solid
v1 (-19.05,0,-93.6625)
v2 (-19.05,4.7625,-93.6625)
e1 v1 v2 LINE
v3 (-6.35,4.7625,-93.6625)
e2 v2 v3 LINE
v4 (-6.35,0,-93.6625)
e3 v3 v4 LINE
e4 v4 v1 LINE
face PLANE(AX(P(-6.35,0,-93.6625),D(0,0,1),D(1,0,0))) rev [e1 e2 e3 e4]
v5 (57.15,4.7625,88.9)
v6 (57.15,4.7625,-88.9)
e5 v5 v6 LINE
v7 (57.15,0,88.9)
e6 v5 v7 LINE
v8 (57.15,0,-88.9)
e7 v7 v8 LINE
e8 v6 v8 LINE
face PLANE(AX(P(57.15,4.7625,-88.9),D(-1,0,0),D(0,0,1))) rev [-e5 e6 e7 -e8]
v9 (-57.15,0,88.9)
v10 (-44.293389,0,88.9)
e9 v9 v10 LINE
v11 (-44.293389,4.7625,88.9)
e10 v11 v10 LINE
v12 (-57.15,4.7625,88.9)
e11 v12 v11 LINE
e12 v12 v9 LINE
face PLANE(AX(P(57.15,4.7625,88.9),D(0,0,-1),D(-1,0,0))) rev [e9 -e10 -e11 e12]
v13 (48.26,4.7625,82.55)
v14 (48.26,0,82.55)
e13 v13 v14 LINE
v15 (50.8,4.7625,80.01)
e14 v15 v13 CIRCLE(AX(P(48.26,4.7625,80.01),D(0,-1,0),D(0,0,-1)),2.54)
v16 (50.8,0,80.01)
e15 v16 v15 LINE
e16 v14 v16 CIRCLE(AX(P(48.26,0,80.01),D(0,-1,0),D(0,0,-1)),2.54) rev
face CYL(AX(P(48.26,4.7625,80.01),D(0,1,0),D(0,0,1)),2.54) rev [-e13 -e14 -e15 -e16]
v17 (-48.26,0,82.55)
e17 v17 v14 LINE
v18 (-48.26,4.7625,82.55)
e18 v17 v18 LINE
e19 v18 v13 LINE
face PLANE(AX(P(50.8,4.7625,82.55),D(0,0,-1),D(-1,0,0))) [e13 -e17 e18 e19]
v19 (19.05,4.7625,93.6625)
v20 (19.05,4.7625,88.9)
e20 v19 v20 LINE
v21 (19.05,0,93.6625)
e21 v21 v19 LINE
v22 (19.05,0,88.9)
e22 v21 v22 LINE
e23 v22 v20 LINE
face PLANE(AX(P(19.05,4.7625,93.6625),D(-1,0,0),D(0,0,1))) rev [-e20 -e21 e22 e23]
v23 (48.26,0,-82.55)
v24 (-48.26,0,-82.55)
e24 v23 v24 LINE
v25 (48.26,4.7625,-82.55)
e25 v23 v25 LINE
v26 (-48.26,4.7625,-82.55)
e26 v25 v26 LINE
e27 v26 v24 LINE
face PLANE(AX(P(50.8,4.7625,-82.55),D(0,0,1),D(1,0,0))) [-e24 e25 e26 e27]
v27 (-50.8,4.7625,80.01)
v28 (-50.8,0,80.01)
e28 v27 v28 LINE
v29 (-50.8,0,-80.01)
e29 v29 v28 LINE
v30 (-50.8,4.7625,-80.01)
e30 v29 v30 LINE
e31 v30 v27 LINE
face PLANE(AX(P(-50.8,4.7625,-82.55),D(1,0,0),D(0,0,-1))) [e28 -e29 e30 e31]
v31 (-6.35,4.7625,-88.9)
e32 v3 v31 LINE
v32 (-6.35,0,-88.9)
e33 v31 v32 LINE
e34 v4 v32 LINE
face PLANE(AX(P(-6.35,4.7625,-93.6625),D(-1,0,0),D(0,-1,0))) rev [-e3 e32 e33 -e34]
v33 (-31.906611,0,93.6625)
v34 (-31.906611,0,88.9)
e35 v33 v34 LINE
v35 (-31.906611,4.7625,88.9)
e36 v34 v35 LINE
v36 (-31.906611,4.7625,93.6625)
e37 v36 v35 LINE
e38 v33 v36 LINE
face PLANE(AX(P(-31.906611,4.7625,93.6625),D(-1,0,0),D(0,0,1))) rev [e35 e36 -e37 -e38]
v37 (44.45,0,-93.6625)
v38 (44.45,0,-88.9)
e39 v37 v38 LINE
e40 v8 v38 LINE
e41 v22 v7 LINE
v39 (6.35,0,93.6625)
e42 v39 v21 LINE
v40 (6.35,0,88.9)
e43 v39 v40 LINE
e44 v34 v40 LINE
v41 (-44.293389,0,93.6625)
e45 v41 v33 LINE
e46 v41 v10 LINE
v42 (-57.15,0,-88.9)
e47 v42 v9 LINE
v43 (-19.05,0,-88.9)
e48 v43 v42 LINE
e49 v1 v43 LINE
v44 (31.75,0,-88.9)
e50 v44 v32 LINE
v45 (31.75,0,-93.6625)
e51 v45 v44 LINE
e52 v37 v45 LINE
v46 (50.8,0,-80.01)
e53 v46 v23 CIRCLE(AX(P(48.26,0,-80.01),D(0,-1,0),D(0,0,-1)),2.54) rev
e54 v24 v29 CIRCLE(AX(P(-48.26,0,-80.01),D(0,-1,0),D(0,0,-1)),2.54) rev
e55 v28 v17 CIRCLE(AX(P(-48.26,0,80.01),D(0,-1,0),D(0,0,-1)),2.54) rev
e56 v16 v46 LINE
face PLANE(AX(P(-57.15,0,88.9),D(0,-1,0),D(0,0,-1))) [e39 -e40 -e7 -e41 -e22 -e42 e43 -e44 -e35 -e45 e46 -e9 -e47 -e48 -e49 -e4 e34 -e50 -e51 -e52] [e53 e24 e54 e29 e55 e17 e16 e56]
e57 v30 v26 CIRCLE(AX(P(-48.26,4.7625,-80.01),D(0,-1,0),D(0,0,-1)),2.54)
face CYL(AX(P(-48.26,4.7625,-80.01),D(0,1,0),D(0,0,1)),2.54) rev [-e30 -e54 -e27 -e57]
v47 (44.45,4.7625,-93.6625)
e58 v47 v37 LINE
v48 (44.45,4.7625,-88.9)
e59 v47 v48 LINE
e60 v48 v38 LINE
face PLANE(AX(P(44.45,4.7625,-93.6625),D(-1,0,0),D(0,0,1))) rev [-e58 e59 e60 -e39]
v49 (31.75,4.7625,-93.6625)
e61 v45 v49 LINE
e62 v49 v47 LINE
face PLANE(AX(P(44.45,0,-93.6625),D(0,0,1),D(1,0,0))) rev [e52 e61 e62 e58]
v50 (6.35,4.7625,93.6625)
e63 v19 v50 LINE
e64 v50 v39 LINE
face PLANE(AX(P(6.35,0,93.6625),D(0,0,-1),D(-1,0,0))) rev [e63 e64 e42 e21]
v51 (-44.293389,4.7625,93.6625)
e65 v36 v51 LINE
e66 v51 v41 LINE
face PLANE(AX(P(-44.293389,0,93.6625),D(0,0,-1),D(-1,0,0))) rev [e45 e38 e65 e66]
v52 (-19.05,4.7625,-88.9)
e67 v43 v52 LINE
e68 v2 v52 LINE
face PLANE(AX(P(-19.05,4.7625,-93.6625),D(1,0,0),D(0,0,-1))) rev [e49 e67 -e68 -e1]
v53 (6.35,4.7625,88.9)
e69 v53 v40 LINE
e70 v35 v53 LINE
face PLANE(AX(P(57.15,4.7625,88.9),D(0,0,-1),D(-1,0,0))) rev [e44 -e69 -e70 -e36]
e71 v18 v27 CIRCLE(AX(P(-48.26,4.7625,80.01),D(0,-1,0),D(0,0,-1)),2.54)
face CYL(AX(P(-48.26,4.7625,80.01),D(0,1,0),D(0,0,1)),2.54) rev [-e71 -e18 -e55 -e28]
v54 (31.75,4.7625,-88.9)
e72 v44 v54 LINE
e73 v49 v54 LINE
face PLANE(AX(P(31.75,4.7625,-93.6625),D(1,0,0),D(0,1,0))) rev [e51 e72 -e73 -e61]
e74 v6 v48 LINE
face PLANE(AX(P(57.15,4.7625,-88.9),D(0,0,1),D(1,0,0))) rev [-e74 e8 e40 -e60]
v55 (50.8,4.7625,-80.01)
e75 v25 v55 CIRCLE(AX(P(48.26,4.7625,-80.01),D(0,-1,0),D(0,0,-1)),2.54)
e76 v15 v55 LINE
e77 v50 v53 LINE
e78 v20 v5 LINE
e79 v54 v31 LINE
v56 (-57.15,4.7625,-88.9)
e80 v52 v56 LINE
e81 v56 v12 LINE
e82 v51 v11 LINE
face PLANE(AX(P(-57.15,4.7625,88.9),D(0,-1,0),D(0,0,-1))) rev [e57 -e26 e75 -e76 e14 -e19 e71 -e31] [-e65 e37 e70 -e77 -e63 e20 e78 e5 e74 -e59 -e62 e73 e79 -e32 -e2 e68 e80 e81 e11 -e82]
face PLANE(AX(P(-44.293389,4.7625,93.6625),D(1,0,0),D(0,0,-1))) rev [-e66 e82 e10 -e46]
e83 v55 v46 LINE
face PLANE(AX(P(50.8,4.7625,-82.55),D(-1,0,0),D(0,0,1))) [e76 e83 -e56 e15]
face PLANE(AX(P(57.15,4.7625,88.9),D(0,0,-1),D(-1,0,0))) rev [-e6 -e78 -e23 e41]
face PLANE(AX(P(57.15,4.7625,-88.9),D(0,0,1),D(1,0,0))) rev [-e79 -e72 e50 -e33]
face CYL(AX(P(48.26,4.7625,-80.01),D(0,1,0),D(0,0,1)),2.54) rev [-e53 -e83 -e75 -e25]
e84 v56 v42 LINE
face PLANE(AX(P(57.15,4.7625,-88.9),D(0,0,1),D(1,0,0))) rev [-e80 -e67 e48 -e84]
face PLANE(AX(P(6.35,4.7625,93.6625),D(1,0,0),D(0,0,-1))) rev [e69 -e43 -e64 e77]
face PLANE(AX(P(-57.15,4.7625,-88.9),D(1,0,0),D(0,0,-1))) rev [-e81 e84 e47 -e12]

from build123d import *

# Parameters (mm, degrees)
SKETCH1_W           = 114.3
SKETCH1_H           = 177.8
SKETCH1_W_2         = 101.6
SKETCH1_H_2         = 165.1
BOSS_EXTRUDE1_DEPTH = 4.7625
SKETCH2_W           = 12.38677804
SKETCH2_H           = 4.7625
SKETCH2_W_2         = 12.7
BOSS_EXTRUDE2_DEPTH = 4.7625
SKETCH3_W           = 12.7
SKETCH3_H           = 4.7625
BOSS_EXTRUDE3_DEPTH = 4.7625
FILLET1_R           = 2.54


with BuildPart() as part:
    # Sketch1 → Boss-Extrude1 (new body)
    with BuildSketch(Plane(origin=(0, 0, 0), x_dir=(1, 0, 0), z_dir=(0, 1, 0))):
        Rectangle(SKETCH1_W, SKETCH1_H)
        Rectangle(SKETCH1_W_2, SKETCH1_H_2, mode=Mode.SUBTRACT)
    extrude(amount=BOSS_EXTRUDE1_DEPTH)

    # Sketch2 → Boss-Extrude2 (add)
    with BuildSketch(Plane.XY.offset(88.9)):
        with Locations((-38.1, 2.38125)):
            Rectangle(SKETCH2_W, SKETCH2_H)
        with Locations((12.7, 2.38125)):
            Rectangle(SKETCH2_W_2, SKETCH2_H)
    extrude(amount=BOSS_EXTRUDE2_DEPTH)

    # Sketch3 → Boss-Extrude3 (add)
    with BuildSketch(Plane(origin=(0, 0, -88.9), x_dir=(-1, 0, 0), z_dir=(0, 0, -1))):
        with Locations((-38.1, 2.38125)):
            Rectangle(SKETCH3_W, SKETCH3_H)
        with Locations((12.7, 2.38125)):
            Rectangle(SKETCH3_W, SKETCH3_H)
    extrude(amount=BOSS_EXTRUDE3_DEPTH)

    # Fillet1
    fillet1_edges = [part.edges().sort_by_distance(p)[0] for p in [
        (50.8, 2.38125, 82.55),
        (50.8, 2.38125, -82.55),
        (-50.8, 2.38125, -82.55),
        (-50.8, 2.38125, 82.55),
    ]]
    fillet(fillet1_edges, radius=FILLET1_R)


solid = part.part
